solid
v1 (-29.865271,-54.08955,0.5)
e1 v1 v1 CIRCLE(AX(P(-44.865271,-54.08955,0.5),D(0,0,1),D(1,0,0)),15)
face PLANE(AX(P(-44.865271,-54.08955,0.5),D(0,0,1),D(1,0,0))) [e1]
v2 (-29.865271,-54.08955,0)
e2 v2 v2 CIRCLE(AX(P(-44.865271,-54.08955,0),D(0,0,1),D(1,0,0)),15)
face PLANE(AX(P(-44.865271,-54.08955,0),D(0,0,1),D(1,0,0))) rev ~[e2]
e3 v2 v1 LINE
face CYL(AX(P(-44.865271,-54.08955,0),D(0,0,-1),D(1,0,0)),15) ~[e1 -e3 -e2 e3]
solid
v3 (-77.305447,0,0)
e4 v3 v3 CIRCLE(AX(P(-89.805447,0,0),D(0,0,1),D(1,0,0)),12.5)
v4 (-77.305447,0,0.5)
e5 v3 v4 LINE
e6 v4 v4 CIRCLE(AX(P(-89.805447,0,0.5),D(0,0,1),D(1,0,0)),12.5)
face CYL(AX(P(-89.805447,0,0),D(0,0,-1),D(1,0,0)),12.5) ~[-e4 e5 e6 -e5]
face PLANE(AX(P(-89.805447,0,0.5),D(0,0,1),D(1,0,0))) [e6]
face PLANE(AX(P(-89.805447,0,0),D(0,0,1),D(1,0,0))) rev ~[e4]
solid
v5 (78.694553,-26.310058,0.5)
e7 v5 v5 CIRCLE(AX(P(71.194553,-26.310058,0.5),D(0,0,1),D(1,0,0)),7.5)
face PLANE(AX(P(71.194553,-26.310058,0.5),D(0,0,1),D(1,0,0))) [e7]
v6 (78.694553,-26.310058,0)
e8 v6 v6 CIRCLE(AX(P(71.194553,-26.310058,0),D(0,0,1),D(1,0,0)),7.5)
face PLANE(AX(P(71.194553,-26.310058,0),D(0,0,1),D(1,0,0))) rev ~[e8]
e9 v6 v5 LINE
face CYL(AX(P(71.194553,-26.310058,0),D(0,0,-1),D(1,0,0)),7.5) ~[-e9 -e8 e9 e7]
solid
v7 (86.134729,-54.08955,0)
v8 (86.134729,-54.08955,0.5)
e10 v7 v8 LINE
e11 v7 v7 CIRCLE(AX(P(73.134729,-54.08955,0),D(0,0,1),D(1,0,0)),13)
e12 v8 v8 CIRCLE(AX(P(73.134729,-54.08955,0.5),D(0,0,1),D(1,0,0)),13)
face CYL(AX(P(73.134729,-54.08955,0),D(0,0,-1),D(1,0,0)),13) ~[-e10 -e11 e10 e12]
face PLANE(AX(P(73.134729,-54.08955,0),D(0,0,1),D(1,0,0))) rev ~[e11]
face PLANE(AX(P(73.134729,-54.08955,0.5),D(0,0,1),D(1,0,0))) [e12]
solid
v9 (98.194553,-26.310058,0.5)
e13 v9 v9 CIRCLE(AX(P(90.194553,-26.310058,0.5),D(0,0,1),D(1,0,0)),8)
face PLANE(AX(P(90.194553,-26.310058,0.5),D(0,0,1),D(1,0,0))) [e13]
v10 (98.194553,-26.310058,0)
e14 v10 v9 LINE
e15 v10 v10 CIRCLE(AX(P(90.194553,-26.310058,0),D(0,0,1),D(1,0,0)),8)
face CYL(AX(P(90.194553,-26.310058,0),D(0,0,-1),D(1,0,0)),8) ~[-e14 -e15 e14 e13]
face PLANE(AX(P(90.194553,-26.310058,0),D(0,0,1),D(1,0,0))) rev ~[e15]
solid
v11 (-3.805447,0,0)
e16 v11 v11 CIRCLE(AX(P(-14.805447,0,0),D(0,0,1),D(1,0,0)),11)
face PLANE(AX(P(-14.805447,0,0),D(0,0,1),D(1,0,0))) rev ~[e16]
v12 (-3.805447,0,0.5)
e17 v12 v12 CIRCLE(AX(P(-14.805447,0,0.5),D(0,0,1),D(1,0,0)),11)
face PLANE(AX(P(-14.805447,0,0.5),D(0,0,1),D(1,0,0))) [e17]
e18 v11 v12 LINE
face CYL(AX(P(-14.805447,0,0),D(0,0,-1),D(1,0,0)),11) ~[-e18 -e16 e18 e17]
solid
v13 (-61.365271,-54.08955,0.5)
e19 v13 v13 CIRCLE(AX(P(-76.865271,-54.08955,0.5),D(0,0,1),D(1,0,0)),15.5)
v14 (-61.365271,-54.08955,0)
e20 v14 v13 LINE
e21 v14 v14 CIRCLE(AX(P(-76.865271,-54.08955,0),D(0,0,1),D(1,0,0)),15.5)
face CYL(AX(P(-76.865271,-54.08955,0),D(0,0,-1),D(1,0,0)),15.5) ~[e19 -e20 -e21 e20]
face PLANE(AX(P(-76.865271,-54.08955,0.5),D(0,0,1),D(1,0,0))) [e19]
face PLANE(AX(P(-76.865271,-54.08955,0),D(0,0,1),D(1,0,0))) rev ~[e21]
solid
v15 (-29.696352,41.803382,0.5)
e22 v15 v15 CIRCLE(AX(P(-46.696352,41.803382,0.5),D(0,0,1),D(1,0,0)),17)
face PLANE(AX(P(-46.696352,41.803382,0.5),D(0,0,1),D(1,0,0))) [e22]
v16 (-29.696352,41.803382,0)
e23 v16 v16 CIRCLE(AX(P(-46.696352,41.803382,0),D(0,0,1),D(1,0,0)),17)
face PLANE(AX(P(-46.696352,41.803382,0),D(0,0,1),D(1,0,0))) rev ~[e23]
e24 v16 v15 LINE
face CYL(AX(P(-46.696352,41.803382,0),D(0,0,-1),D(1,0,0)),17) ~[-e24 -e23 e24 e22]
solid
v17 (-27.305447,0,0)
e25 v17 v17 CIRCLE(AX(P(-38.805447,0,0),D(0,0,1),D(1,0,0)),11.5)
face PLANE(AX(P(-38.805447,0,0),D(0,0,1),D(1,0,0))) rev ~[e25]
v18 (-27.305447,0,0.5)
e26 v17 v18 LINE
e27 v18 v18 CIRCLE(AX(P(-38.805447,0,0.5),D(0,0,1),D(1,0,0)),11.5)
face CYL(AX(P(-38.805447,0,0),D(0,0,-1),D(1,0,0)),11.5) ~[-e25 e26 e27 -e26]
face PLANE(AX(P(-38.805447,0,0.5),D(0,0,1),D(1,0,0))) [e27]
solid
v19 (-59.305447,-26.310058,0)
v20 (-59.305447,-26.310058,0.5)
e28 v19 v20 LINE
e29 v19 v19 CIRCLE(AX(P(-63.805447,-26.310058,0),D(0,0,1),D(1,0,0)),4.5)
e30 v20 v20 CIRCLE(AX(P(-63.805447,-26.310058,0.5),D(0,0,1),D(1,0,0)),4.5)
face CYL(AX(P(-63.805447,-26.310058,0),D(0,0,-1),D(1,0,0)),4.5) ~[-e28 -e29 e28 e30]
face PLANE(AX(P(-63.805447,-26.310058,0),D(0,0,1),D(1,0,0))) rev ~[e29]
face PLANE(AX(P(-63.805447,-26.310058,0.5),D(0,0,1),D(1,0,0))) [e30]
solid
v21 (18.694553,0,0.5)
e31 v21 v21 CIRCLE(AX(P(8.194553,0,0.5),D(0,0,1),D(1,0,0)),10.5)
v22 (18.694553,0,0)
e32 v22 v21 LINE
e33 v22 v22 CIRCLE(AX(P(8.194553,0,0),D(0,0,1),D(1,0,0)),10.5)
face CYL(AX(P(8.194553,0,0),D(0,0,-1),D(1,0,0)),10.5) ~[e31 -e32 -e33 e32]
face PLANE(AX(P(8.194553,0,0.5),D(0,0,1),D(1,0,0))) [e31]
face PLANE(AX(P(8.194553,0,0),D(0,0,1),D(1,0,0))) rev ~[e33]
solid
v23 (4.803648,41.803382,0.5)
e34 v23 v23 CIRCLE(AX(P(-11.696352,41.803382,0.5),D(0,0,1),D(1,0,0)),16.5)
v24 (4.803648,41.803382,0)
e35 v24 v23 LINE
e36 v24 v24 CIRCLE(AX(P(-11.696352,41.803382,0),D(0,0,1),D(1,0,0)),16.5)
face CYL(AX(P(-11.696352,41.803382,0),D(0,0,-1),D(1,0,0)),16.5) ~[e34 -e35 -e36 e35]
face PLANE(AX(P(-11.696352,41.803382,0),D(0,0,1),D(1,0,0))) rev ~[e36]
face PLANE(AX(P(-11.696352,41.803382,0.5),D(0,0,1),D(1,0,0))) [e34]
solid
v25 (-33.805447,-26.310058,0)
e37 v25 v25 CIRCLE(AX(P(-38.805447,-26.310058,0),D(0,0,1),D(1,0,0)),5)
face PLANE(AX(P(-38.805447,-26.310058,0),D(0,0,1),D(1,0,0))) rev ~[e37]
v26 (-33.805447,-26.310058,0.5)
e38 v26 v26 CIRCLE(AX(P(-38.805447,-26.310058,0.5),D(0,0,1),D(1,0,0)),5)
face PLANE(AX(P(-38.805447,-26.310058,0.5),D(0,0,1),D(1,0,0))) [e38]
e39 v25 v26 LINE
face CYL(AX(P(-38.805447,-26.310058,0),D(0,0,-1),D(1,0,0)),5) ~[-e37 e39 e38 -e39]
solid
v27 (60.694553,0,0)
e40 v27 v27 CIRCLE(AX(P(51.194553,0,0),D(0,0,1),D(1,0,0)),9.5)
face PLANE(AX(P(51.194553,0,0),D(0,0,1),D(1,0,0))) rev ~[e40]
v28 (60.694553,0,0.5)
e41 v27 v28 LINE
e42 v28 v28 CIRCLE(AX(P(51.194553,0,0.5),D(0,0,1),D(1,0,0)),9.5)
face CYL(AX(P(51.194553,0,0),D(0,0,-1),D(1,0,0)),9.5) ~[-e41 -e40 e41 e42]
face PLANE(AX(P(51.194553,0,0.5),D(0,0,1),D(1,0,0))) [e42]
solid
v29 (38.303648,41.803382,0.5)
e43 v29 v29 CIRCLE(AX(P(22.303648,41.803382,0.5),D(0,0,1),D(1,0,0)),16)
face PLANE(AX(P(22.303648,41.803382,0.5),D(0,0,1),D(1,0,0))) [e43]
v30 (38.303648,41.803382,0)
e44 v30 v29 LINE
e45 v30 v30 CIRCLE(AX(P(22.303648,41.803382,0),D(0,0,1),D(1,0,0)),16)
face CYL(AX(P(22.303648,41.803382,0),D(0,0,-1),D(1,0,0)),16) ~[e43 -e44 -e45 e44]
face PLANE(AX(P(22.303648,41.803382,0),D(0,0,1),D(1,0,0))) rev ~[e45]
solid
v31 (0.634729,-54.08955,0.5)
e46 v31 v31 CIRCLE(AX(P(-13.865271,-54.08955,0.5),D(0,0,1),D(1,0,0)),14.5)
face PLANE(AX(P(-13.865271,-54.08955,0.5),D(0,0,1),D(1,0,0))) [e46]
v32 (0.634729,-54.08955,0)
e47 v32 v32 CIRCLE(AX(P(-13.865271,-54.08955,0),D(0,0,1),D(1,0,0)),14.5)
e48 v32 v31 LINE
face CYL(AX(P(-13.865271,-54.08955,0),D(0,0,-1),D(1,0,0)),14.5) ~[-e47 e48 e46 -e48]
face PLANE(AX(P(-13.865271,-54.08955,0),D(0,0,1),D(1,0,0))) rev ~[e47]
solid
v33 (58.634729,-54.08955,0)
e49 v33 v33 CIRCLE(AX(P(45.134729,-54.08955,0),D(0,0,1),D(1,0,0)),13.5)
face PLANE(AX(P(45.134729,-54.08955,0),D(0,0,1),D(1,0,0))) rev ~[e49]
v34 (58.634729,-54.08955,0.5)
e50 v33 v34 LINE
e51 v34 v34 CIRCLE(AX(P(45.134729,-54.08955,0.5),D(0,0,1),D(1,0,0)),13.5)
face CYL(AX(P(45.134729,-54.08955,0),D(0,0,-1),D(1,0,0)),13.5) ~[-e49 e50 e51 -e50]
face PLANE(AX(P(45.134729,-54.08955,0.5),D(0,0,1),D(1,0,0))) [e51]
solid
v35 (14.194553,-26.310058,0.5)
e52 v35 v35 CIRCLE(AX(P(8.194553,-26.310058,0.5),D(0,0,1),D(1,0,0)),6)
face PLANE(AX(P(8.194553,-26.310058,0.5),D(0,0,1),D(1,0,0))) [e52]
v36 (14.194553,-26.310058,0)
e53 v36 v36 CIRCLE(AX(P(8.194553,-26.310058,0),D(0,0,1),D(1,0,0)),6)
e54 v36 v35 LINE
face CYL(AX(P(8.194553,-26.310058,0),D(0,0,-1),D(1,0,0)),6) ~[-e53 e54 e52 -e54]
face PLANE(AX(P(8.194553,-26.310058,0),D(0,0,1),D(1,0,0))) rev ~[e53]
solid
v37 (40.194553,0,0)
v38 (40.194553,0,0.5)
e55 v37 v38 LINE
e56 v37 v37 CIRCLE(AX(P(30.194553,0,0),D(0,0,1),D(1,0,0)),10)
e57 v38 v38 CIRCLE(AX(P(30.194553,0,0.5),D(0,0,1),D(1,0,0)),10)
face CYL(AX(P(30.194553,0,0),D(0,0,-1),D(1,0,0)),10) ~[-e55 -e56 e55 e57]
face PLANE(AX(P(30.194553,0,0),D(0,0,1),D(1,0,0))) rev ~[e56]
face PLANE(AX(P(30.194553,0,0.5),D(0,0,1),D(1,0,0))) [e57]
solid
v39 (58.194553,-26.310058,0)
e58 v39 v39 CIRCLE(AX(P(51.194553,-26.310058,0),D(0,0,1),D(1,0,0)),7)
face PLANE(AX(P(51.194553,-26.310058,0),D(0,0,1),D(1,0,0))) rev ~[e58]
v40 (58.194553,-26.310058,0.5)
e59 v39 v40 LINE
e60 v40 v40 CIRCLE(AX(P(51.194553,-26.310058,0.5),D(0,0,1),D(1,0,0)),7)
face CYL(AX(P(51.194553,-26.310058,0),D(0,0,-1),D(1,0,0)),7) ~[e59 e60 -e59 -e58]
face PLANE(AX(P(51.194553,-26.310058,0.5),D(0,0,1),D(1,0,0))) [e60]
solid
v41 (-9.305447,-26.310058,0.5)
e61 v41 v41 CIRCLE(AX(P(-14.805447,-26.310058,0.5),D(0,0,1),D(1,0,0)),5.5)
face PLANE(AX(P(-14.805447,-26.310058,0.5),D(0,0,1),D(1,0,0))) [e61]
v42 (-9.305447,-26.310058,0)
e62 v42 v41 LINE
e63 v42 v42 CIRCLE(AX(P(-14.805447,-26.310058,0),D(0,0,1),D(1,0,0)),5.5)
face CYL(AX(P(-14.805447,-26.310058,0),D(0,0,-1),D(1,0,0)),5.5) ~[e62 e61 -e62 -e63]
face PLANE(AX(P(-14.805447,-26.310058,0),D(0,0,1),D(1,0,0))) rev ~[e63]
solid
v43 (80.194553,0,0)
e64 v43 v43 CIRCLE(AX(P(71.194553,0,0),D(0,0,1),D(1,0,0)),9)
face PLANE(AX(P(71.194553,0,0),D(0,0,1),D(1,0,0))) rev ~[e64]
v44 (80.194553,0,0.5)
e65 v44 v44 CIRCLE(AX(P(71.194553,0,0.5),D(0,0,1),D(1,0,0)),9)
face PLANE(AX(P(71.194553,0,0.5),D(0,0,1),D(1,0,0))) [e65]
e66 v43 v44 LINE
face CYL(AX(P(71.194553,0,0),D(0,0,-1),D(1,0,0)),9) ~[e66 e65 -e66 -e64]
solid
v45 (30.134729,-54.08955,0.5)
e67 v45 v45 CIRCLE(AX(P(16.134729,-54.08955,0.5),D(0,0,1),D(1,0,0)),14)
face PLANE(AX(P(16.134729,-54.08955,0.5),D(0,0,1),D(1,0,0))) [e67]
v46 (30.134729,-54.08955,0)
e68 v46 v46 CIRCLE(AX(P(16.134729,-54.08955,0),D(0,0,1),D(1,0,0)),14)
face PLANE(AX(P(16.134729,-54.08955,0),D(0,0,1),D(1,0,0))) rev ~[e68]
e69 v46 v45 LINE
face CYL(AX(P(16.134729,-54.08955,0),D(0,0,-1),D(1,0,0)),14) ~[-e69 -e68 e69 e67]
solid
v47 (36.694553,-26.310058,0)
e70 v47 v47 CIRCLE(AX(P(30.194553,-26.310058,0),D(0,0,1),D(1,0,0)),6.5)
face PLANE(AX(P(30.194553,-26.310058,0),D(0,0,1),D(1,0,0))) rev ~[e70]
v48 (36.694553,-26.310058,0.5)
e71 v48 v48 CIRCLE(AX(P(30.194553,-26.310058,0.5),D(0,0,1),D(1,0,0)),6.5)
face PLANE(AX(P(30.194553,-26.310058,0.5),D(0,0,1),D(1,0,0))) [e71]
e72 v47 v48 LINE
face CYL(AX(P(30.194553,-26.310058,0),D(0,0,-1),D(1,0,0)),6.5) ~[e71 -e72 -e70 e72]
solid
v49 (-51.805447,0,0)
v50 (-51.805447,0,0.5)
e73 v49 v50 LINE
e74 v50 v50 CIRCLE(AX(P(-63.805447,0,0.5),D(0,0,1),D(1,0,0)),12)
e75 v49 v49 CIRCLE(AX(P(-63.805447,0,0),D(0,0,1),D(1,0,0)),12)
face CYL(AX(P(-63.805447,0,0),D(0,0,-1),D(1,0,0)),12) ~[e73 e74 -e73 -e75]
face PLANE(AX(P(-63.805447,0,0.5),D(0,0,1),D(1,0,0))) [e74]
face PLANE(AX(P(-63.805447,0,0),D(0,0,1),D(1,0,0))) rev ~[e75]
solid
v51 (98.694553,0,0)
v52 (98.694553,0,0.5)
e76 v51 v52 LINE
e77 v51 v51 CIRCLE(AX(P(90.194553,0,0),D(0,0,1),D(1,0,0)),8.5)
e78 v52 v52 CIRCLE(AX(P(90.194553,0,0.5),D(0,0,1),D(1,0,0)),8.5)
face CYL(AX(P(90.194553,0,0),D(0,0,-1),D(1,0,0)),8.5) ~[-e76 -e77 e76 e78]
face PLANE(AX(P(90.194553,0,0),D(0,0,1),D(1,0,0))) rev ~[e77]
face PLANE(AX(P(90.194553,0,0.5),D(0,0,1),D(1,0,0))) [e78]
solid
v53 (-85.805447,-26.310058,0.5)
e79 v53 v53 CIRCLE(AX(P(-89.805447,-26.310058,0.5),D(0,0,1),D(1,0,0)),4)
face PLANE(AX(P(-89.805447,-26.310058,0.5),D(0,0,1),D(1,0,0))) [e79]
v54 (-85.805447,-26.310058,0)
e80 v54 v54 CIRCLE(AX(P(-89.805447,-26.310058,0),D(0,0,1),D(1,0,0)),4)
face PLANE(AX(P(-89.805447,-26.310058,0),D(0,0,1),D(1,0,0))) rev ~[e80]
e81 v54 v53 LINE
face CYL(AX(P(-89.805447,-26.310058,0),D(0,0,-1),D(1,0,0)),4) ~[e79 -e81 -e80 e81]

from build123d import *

# Parameters (mm, degrees)
F0_R     = 6
F0_R_2   = 7.5
F0_R_3   = 7
F0_R_4   = 6.5
F0_R_5   = 8
F0_R_6   = 12.5
F0_R_7   = 12
F0_R_8   = 11.5
F0_R_9   = 11
F0_R_10  = 10.5
F0_R_11  = 10
F0_R_12  = 9
F0_R_13  = 9.5
F0_R_14  = 8.5
F0_R_15  = 4
F0_R_16  = 4.5
F0_R_17  = 5
F0_R_18  = 5.5
F0_R_19  = 17
F0_R_20  = 16.5
F0_R_21  = 16
F0_R_22  = 15.5
F0_R_23  = 15
F0_R_24  = 14.5
F0_R_25  = 14
F0_R_26  = 13
F0_R_27  = 13.5
F1_DEPTH = 0.5


with BuildPart() as f1:
    # F0 (on Top) → F1 (new body)
    with BuildSketch(Plane.XY):
        with Locations((8.194553, -26.310058)):
            Circle(F0_R)
        with Locations((71.194553, -26.310058)):
            Circle(F0_R_2)
        with Locations((51.194553, -26.310058)):
            Circle(F0_R_3)
        with Locations((30.194553, -26.310058)):
            Circle(F0_R_4)
        with Locations((90.194553, -26.310058)):
            Circle(F0_R_5)
        with Locations((-89.805447, 0)):
            Circle(F0_R_6)
        with Locations((-63.805447, 0)):
            Circle(F0_R_7)
        with Locations((-38.805447, 0)):
            Circle(F0_R_8)
        with Locations((-14.805447, 0)):
            Circle(F0_R_9)
        with Locations((8.194553, 0)):
            Circle(F0_R_10)
        with Locations((30.194553, 0)):
            Circle(F0_R_11)
        with Locations((71.194553, 0)):
            Circle(F0_R_12)
        with Locations((51.194553, 0)):
            Circle(F0_R_13)
        with Locations((90.194553, 0)):
            Circle(F0_R_14)
        with Locations((-89.805447, -26.310058)):
            Circle(F0_R_15)
        with Locations((-63.805447, -26.310058)):
            Circle(F0_R_16)
        with Locations((-38.805447, -26.310058)):
            Circle(F0_R_17)
        with Locations((-14.805447, -26.310058)):
            Circle(F0_R_18)
        with Locations((-46.696352, 41.803382)):
            Circle(F0_R_19)
        with Locations((-11.696352, 41.803382)):
            Circle(F0_R_20)
        with Locations((22.303648, 41.803382)):
            Circle(F0_R_21)
        with Locations((-76.865271, -54.08955)):
            Circle(F0_R_22)
        with Locations((-44.865271, -54.08955)):
            Circle(F0_R_23)
        with Locations((-13.865271, -54.08955)):
            Circle(F0_R_24)
        with Locations((16.134729, -54.08955)):
            Circle(F0_R_25)
        with Locations((73.134729, -54.08955)):
            Circle(F0_R_26)
        with Locations((45.134729, -54.08955)):
            Circle(F0_R_27)
    extrude(amount=F1_DEPTH)


solid = f1.part
